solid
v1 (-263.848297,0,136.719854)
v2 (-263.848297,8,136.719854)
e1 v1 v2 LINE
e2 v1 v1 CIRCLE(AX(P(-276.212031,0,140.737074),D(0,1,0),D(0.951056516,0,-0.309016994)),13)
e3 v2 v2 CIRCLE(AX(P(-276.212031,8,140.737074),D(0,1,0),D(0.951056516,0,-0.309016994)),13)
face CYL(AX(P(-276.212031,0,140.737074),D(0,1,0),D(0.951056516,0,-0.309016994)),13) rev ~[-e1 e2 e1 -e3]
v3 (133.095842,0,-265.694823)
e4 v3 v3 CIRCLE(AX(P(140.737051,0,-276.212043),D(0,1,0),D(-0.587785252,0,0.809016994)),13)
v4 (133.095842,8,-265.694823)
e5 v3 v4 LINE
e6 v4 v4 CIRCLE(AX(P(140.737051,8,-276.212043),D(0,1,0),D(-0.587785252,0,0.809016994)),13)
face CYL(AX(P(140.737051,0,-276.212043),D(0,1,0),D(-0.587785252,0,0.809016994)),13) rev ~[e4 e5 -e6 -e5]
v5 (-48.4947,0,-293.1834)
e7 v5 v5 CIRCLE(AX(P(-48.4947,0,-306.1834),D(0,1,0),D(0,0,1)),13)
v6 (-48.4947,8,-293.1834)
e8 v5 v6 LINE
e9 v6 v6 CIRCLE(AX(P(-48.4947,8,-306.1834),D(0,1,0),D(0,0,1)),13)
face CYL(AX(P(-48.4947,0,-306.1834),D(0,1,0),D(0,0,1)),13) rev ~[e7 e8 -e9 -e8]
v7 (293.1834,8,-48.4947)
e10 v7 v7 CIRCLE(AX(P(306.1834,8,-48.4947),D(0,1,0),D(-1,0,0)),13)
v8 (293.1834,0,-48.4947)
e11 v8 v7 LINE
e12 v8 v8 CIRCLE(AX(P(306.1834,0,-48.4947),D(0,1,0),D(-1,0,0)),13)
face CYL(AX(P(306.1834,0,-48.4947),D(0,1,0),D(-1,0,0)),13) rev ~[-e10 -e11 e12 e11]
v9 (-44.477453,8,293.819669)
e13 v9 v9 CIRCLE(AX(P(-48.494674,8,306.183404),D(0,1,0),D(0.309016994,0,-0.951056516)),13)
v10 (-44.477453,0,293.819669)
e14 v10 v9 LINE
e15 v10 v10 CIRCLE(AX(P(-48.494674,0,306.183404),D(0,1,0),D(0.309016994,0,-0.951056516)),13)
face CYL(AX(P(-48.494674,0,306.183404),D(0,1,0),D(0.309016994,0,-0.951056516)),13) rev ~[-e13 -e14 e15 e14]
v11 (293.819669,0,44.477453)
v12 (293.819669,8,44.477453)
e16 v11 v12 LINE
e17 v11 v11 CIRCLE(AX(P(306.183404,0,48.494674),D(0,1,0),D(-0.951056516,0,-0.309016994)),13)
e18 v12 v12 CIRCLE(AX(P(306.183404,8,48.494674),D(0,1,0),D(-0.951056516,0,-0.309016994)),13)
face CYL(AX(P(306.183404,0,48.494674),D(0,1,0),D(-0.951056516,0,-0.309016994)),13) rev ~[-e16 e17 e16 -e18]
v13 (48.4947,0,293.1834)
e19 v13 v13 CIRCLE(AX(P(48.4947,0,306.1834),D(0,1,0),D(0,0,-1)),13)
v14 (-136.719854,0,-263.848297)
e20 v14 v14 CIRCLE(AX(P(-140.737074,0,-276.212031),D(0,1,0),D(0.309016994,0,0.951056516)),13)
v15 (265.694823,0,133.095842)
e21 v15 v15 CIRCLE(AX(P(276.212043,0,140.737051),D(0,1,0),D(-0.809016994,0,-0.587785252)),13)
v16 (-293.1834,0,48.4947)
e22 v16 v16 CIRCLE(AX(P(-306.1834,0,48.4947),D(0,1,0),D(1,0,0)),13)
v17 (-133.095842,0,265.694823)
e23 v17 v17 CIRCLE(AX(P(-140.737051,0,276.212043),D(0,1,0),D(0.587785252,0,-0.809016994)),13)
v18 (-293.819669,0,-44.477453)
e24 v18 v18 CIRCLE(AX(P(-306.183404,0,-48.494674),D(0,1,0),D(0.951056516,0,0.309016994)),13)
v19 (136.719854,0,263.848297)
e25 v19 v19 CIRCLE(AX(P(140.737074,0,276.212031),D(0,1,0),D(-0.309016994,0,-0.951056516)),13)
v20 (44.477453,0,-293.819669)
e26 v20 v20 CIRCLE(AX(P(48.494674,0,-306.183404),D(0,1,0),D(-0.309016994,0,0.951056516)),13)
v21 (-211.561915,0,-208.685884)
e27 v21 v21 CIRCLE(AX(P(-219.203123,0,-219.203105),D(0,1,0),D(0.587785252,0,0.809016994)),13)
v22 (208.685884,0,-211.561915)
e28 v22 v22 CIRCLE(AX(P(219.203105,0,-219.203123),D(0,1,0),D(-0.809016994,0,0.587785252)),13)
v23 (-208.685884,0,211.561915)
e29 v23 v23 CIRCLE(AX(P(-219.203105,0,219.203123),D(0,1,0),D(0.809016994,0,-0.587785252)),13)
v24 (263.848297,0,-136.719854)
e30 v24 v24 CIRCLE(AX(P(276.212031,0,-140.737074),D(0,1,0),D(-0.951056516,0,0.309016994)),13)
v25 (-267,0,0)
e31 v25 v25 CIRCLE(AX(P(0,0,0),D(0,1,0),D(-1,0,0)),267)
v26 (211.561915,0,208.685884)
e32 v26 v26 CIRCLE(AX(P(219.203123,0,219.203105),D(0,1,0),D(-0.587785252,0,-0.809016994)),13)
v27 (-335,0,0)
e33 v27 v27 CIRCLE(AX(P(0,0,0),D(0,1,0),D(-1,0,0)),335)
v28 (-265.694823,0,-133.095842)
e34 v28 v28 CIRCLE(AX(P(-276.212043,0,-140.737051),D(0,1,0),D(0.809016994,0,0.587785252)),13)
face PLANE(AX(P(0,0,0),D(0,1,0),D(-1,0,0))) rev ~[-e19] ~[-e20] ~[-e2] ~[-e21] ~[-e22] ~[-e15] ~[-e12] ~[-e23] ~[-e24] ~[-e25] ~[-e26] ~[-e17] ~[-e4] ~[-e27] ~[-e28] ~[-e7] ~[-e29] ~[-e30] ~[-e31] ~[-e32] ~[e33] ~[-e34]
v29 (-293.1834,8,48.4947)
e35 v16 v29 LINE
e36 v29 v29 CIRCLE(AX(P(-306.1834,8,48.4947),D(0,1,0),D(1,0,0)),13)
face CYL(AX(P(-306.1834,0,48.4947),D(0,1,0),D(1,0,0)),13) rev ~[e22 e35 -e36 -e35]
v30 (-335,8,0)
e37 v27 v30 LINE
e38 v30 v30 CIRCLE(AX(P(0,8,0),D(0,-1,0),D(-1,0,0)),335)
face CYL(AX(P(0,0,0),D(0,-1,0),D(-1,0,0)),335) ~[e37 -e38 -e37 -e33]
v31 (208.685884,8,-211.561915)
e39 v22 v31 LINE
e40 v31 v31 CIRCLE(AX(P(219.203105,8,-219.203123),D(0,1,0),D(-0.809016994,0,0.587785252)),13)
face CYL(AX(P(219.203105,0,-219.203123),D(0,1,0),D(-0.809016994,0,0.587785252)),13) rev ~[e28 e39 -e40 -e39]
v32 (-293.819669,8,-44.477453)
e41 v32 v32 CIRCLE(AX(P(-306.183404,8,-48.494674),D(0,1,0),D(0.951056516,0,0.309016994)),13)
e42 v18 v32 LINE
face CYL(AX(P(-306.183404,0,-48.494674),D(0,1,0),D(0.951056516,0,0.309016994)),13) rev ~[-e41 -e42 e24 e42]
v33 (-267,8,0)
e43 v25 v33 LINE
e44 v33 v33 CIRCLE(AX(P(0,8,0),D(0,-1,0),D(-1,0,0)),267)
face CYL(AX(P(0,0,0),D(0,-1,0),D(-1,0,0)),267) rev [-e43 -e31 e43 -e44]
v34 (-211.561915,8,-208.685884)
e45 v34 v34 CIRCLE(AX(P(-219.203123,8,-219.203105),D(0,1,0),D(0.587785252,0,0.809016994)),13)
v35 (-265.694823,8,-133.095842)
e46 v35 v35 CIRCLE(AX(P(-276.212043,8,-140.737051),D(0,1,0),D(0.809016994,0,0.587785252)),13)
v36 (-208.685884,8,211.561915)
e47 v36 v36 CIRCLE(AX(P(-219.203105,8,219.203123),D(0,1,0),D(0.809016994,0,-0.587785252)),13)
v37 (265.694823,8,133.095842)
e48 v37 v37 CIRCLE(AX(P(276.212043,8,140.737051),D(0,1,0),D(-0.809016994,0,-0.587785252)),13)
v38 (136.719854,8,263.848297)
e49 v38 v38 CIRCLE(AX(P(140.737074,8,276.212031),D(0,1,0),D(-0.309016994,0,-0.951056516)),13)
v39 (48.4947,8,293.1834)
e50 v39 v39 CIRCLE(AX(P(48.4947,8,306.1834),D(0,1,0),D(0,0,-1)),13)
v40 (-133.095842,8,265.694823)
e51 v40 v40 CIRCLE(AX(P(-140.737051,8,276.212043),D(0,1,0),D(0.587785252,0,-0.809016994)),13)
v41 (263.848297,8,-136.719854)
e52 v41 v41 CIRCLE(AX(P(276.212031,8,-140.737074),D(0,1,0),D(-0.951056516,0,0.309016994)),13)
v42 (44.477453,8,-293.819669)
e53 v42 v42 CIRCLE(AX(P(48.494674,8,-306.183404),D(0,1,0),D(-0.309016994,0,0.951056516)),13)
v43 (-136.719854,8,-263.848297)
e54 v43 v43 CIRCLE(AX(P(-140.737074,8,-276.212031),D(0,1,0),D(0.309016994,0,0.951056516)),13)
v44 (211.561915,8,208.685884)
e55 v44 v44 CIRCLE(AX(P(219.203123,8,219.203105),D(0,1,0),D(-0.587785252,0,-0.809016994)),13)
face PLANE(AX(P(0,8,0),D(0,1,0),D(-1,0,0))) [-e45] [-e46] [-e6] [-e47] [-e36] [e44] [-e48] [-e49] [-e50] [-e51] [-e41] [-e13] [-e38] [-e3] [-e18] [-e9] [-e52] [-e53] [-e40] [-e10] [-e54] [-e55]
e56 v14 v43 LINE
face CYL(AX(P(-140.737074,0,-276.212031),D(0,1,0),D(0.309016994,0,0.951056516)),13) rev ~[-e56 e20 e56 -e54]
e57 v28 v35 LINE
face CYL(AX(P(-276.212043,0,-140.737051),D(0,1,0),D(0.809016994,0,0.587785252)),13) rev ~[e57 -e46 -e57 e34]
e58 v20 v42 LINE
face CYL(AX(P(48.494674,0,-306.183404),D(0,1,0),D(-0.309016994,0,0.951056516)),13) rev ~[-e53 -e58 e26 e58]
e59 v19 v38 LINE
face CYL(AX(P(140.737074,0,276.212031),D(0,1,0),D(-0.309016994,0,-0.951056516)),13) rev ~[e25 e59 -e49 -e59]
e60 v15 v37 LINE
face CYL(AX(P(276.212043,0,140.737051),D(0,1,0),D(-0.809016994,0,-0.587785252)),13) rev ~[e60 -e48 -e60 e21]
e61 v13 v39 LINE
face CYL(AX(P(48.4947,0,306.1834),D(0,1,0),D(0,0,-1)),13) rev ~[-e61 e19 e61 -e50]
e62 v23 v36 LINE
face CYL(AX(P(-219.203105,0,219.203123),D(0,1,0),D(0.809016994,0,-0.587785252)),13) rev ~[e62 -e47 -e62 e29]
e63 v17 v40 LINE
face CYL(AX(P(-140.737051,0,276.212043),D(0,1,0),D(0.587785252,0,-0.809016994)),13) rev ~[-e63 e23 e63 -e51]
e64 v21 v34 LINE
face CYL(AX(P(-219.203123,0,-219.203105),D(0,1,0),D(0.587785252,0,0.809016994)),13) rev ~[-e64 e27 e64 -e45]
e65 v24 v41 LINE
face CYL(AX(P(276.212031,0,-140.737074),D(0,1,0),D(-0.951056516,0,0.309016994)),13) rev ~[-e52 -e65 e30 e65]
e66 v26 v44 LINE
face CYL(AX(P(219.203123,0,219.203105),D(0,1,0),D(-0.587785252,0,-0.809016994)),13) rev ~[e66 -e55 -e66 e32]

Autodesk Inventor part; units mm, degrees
ref_plane "YZ Plane" through (0, 0, 0) normal (1, 0, 0) x (0, 1, 0)
ref_plane "XZ Plane" through (0, 0, 0) normal (0, 1, 0) x (-1, 0, 0)
ref_plane "XY Plane" through (0, 0, 0) normal (0, 0, 1) x (1, 0, 0)
sketch "Sketch1" plane through (0, 0, 0) normal (0, 1, 0) x (-1, 0, 0)
  circle A0 centre (0, 0) radius 267
  circle A1 centre (0, 0) radius 335
  line L0 (335, 0) -> (267, 0)
  line L1 (-267, 0) -> (-335, 0)
  line L2 (0, 267) -> (0, 335)
  point P0 (301, 0)
  point P1 (-301, 0)
  point P2 (0, 301)
  dimension "d1" = 670
  dimension "d4" = 534
extrude "Extrusion1" add sketch "Sketch1" along normal blind 8 contours L0 A1 L1 A0 | A0 L2 A1 L0 | A0 L1 A1 L2
sketch "Sketch2" plane through (0, 0, 0) normal (0, -1, 0) x (1, 0, 0)
  line L0 (0, 0) -> (0, 310) construction
  line L1 (0, 0) -> (48.4947, 306.1834) construction
  circle A0 centre (0, 0) radius 310 construction
  dimension "d14" = 620
  dimension "d15" = 9
hole "Hole1" at (48.4947, 0, 306.1834) direction (0, 1, 0) diameter 26 end through all
pattern_circular "Circular Pattern2" count 20 over 360 about axis through (0, -10, 0) along (0, 1, 0) of "Hole1"
equation "\"d2\" = Thickness"
equation "\"d21\" = Thickness"
equation "\"BendRadius\" = Thickness"
equation "\"BendReliefWidth\" = Thickness"
equation "\"BendReliefDepth\" = 0.5 * Thickness"
equation "\"CornerReliefSize\" = 4 * Thickness"
equation "\"MinimumRemnant\" = 2 * Thickness"
equation "\"TransitionRadius\" = BendRadius"
equation "\"JacobiRadiusSize\" = BendRadius"
equation "\"GapSize\" = Thickness"
equation "\"d8\" = Thickness"
equation "\"Thickness\" = 8"
properties part number "!!PRS 9512 accses hatch flangeipt_D1200"
